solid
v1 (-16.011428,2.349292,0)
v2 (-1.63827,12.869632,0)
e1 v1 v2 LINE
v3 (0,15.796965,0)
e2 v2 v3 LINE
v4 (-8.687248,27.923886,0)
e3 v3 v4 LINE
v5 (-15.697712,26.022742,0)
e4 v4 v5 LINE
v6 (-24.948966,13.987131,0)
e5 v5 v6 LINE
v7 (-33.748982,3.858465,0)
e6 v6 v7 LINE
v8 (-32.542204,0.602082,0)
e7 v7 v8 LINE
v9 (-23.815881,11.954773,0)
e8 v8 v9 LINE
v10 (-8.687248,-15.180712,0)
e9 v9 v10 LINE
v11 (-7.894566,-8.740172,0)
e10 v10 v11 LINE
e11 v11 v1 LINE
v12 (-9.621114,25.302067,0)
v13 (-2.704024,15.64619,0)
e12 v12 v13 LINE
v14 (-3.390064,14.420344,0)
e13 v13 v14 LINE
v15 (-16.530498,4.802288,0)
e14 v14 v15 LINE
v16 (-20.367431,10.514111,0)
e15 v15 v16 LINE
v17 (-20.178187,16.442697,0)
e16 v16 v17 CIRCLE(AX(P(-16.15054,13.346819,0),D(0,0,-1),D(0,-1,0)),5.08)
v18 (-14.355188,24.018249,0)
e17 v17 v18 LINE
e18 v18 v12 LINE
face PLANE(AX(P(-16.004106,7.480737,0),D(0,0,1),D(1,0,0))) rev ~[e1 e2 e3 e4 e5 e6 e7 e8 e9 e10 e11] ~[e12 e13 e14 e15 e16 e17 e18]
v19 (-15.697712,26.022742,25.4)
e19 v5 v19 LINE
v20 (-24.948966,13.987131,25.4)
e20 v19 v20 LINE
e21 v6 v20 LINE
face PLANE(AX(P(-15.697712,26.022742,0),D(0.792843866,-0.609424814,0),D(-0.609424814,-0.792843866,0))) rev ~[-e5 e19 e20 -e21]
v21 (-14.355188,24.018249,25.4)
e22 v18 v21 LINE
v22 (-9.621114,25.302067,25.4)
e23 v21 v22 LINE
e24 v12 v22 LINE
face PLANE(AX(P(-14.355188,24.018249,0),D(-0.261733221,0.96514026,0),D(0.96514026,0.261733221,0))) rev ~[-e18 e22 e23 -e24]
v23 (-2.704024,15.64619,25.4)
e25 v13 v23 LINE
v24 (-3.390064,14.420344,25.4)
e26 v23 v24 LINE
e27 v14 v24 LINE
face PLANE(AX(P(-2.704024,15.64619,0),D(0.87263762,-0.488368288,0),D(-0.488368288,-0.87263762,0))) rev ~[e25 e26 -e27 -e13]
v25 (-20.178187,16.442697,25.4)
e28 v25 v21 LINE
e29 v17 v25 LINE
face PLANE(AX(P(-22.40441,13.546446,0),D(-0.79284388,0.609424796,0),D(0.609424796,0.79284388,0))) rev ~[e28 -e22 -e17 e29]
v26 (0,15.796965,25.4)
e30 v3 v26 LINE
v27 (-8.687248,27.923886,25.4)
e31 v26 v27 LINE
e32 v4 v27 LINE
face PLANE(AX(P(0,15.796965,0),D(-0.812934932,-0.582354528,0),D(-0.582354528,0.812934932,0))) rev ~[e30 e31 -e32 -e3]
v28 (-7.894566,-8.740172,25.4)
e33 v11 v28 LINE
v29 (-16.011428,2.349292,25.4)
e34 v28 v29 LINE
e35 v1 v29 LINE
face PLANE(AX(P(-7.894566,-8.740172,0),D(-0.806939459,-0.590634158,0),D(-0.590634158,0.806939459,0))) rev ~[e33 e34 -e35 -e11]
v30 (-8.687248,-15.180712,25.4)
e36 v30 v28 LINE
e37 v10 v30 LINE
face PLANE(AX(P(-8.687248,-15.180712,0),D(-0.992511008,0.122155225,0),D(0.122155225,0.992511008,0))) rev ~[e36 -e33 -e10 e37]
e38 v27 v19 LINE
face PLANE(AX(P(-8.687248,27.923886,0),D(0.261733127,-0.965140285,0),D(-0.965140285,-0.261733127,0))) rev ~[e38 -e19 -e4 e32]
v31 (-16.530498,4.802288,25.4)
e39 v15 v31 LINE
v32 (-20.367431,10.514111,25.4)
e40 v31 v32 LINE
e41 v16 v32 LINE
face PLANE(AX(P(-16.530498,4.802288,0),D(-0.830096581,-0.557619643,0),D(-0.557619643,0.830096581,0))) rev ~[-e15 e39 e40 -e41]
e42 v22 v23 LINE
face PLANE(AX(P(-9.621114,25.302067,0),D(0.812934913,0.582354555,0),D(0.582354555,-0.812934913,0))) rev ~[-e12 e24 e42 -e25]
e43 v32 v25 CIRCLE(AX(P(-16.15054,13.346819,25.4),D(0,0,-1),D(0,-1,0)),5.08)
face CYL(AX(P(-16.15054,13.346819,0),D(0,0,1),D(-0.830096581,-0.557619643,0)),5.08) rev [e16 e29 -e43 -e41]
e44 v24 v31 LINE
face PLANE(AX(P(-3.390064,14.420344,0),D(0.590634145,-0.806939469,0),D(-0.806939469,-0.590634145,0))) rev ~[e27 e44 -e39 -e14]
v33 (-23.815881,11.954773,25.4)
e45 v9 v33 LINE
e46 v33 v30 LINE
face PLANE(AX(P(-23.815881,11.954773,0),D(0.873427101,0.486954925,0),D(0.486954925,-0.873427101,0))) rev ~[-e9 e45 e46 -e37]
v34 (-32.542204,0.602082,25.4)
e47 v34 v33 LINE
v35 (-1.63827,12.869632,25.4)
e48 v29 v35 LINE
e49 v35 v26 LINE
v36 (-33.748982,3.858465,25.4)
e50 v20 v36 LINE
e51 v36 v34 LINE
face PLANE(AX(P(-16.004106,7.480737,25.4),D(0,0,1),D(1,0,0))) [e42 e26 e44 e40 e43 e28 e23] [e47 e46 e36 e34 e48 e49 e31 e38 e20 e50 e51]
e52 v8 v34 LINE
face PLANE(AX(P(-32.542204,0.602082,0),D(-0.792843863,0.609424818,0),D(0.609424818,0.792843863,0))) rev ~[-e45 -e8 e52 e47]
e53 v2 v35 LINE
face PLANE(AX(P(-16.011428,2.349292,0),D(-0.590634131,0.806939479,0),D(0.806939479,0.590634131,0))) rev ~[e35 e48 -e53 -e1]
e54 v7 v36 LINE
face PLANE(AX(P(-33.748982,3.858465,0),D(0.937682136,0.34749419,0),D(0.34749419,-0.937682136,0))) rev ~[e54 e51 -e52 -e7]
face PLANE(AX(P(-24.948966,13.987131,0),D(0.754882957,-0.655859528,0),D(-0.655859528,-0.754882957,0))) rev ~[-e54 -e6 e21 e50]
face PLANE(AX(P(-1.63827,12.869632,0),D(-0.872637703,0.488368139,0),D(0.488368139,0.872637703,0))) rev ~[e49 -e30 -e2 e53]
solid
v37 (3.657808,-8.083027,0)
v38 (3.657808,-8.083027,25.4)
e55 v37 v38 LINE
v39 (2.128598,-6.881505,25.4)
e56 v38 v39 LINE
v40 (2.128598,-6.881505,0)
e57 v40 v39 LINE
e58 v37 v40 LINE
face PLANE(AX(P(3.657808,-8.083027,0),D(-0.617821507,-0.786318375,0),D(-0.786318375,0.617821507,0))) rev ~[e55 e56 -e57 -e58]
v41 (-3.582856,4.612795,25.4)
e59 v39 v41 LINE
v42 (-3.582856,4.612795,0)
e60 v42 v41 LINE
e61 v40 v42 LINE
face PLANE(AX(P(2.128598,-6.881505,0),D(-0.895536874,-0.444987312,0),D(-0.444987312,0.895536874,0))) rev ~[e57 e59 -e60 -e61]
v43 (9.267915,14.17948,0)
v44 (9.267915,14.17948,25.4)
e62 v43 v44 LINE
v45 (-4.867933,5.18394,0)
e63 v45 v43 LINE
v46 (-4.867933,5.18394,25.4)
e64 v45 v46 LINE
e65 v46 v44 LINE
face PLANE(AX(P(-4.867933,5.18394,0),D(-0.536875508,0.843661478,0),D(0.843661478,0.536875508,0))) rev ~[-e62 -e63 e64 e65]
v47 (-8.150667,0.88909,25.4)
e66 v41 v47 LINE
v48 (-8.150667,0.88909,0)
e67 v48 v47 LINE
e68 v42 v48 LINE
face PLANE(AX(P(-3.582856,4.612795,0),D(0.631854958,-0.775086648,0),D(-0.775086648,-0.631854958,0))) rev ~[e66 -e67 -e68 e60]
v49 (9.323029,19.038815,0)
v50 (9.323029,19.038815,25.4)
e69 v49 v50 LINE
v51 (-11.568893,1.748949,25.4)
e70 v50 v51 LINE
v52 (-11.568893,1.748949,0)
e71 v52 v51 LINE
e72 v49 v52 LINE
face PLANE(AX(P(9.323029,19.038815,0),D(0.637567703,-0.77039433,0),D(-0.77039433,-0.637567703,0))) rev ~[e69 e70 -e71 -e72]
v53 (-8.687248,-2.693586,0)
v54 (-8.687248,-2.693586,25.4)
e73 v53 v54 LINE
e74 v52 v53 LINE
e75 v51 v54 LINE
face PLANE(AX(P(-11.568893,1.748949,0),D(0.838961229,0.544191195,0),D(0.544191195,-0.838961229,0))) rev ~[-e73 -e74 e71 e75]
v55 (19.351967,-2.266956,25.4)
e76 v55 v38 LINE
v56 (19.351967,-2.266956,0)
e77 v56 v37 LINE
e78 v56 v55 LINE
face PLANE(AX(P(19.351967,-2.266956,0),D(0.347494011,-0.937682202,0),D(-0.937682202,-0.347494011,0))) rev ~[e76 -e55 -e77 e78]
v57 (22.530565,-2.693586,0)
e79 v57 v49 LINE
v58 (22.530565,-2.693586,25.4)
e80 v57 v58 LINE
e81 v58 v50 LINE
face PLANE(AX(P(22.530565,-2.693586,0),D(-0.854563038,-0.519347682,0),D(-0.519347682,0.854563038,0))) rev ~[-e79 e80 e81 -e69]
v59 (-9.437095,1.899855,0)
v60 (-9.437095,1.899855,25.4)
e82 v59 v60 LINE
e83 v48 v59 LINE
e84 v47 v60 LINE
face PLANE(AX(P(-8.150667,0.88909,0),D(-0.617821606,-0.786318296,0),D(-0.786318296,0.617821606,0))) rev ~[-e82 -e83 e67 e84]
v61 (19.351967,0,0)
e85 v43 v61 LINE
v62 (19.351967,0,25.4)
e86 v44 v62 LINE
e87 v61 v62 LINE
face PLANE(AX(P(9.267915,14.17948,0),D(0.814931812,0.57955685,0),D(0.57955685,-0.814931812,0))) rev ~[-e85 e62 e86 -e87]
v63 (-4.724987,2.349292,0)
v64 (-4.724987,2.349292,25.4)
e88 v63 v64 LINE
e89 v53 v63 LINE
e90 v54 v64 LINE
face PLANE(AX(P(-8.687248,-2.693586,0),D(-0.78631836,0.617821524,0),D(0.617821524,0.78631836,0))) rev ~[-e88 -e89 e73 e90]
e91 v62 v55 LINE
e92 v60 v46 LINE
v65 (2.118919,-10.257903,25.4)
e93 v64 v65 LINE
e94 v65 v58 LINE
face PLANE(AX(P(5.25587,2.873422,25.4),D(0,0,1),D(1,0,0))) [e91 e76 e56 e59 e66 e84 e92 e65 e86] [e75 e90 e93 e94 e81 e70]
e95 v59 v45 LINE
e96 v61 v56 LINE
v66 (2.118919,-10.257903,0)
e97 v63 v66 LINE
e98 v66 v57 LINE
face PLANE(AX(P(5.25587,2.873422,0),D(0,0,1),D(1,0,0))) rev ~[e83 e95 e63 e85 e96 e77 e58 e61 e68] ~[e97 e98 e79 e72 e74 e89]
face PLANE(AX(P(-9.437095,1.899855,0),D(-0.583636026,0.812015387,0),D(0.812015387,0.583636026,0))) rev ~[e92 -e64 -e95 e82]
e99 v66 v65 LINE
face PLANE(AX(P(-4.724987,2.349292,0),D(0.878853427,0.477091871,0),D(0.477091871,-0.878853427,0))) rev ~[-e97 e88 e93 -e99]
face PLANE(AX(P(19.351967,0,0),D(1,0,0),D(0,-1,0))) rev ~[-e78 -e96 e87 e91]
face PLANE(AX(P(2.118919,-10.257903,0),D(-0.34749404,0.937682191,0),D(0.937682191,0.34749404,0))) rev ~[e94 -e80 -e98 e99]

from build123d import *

# Parameters (mm, degrees)
F1_DEPTH = 25.4
F2_R     = 5.08


with BuildPart() as f1:
    # F0 (on Top) → F1 (new body)
    with BuildSketch(Plane.XY):
        Polygon((-8.687248, -15.180712), (-7.894566, -8.740172), (-16.011428, 2.349292), (-1.63827, 12.869632), (0, 15.796965), (-8.687248, 27.923886), (-15.697712, 26.022742), (-24.948966, 13.987131), (-33.748982, 3.858465), (-32.542204, 0.602082), (-23.815881, 11.954773), align=None)
        Polygon((-22.40441, 13.546446), (-14.355188, 24.018249), (-9.621114, 25.302067), (-2.704024, 15.64619), (-3.390064, 14.420344), (-16.530498, 4.802288), align=None, mode=Mode.SUBTRACT)
        Polygon((9.323029, 19.038815), (-11.568893, 1.748949), (-8.687248, -2.693586), (-4.724987, 2.349292), (2.118919, -10.257903), (22.530565, -2.693586), align=None)
        Polygon((3.657808, -8.083027), (2.128598, -6.881505), (-3.582856, 4.612795), (-8.150667, 0.88909), (-9.437095, 1.899855), (-4.867933, 5.18394), (9.267915, 14.17948), (19.351967, 0), (19.351967, -2.266956), align=None, mode=Mode.SUBTRACT)
    extrude(amount=F1_DEPTH)

    # F2
    f2_edges = [f1.edges().sort_by_distance(p)[0] for p in [
        (-22.40441, 13.546446, 12.7),
    ]]
    fillet(f2_edges, radius=F2_R)


solid = f1.part
